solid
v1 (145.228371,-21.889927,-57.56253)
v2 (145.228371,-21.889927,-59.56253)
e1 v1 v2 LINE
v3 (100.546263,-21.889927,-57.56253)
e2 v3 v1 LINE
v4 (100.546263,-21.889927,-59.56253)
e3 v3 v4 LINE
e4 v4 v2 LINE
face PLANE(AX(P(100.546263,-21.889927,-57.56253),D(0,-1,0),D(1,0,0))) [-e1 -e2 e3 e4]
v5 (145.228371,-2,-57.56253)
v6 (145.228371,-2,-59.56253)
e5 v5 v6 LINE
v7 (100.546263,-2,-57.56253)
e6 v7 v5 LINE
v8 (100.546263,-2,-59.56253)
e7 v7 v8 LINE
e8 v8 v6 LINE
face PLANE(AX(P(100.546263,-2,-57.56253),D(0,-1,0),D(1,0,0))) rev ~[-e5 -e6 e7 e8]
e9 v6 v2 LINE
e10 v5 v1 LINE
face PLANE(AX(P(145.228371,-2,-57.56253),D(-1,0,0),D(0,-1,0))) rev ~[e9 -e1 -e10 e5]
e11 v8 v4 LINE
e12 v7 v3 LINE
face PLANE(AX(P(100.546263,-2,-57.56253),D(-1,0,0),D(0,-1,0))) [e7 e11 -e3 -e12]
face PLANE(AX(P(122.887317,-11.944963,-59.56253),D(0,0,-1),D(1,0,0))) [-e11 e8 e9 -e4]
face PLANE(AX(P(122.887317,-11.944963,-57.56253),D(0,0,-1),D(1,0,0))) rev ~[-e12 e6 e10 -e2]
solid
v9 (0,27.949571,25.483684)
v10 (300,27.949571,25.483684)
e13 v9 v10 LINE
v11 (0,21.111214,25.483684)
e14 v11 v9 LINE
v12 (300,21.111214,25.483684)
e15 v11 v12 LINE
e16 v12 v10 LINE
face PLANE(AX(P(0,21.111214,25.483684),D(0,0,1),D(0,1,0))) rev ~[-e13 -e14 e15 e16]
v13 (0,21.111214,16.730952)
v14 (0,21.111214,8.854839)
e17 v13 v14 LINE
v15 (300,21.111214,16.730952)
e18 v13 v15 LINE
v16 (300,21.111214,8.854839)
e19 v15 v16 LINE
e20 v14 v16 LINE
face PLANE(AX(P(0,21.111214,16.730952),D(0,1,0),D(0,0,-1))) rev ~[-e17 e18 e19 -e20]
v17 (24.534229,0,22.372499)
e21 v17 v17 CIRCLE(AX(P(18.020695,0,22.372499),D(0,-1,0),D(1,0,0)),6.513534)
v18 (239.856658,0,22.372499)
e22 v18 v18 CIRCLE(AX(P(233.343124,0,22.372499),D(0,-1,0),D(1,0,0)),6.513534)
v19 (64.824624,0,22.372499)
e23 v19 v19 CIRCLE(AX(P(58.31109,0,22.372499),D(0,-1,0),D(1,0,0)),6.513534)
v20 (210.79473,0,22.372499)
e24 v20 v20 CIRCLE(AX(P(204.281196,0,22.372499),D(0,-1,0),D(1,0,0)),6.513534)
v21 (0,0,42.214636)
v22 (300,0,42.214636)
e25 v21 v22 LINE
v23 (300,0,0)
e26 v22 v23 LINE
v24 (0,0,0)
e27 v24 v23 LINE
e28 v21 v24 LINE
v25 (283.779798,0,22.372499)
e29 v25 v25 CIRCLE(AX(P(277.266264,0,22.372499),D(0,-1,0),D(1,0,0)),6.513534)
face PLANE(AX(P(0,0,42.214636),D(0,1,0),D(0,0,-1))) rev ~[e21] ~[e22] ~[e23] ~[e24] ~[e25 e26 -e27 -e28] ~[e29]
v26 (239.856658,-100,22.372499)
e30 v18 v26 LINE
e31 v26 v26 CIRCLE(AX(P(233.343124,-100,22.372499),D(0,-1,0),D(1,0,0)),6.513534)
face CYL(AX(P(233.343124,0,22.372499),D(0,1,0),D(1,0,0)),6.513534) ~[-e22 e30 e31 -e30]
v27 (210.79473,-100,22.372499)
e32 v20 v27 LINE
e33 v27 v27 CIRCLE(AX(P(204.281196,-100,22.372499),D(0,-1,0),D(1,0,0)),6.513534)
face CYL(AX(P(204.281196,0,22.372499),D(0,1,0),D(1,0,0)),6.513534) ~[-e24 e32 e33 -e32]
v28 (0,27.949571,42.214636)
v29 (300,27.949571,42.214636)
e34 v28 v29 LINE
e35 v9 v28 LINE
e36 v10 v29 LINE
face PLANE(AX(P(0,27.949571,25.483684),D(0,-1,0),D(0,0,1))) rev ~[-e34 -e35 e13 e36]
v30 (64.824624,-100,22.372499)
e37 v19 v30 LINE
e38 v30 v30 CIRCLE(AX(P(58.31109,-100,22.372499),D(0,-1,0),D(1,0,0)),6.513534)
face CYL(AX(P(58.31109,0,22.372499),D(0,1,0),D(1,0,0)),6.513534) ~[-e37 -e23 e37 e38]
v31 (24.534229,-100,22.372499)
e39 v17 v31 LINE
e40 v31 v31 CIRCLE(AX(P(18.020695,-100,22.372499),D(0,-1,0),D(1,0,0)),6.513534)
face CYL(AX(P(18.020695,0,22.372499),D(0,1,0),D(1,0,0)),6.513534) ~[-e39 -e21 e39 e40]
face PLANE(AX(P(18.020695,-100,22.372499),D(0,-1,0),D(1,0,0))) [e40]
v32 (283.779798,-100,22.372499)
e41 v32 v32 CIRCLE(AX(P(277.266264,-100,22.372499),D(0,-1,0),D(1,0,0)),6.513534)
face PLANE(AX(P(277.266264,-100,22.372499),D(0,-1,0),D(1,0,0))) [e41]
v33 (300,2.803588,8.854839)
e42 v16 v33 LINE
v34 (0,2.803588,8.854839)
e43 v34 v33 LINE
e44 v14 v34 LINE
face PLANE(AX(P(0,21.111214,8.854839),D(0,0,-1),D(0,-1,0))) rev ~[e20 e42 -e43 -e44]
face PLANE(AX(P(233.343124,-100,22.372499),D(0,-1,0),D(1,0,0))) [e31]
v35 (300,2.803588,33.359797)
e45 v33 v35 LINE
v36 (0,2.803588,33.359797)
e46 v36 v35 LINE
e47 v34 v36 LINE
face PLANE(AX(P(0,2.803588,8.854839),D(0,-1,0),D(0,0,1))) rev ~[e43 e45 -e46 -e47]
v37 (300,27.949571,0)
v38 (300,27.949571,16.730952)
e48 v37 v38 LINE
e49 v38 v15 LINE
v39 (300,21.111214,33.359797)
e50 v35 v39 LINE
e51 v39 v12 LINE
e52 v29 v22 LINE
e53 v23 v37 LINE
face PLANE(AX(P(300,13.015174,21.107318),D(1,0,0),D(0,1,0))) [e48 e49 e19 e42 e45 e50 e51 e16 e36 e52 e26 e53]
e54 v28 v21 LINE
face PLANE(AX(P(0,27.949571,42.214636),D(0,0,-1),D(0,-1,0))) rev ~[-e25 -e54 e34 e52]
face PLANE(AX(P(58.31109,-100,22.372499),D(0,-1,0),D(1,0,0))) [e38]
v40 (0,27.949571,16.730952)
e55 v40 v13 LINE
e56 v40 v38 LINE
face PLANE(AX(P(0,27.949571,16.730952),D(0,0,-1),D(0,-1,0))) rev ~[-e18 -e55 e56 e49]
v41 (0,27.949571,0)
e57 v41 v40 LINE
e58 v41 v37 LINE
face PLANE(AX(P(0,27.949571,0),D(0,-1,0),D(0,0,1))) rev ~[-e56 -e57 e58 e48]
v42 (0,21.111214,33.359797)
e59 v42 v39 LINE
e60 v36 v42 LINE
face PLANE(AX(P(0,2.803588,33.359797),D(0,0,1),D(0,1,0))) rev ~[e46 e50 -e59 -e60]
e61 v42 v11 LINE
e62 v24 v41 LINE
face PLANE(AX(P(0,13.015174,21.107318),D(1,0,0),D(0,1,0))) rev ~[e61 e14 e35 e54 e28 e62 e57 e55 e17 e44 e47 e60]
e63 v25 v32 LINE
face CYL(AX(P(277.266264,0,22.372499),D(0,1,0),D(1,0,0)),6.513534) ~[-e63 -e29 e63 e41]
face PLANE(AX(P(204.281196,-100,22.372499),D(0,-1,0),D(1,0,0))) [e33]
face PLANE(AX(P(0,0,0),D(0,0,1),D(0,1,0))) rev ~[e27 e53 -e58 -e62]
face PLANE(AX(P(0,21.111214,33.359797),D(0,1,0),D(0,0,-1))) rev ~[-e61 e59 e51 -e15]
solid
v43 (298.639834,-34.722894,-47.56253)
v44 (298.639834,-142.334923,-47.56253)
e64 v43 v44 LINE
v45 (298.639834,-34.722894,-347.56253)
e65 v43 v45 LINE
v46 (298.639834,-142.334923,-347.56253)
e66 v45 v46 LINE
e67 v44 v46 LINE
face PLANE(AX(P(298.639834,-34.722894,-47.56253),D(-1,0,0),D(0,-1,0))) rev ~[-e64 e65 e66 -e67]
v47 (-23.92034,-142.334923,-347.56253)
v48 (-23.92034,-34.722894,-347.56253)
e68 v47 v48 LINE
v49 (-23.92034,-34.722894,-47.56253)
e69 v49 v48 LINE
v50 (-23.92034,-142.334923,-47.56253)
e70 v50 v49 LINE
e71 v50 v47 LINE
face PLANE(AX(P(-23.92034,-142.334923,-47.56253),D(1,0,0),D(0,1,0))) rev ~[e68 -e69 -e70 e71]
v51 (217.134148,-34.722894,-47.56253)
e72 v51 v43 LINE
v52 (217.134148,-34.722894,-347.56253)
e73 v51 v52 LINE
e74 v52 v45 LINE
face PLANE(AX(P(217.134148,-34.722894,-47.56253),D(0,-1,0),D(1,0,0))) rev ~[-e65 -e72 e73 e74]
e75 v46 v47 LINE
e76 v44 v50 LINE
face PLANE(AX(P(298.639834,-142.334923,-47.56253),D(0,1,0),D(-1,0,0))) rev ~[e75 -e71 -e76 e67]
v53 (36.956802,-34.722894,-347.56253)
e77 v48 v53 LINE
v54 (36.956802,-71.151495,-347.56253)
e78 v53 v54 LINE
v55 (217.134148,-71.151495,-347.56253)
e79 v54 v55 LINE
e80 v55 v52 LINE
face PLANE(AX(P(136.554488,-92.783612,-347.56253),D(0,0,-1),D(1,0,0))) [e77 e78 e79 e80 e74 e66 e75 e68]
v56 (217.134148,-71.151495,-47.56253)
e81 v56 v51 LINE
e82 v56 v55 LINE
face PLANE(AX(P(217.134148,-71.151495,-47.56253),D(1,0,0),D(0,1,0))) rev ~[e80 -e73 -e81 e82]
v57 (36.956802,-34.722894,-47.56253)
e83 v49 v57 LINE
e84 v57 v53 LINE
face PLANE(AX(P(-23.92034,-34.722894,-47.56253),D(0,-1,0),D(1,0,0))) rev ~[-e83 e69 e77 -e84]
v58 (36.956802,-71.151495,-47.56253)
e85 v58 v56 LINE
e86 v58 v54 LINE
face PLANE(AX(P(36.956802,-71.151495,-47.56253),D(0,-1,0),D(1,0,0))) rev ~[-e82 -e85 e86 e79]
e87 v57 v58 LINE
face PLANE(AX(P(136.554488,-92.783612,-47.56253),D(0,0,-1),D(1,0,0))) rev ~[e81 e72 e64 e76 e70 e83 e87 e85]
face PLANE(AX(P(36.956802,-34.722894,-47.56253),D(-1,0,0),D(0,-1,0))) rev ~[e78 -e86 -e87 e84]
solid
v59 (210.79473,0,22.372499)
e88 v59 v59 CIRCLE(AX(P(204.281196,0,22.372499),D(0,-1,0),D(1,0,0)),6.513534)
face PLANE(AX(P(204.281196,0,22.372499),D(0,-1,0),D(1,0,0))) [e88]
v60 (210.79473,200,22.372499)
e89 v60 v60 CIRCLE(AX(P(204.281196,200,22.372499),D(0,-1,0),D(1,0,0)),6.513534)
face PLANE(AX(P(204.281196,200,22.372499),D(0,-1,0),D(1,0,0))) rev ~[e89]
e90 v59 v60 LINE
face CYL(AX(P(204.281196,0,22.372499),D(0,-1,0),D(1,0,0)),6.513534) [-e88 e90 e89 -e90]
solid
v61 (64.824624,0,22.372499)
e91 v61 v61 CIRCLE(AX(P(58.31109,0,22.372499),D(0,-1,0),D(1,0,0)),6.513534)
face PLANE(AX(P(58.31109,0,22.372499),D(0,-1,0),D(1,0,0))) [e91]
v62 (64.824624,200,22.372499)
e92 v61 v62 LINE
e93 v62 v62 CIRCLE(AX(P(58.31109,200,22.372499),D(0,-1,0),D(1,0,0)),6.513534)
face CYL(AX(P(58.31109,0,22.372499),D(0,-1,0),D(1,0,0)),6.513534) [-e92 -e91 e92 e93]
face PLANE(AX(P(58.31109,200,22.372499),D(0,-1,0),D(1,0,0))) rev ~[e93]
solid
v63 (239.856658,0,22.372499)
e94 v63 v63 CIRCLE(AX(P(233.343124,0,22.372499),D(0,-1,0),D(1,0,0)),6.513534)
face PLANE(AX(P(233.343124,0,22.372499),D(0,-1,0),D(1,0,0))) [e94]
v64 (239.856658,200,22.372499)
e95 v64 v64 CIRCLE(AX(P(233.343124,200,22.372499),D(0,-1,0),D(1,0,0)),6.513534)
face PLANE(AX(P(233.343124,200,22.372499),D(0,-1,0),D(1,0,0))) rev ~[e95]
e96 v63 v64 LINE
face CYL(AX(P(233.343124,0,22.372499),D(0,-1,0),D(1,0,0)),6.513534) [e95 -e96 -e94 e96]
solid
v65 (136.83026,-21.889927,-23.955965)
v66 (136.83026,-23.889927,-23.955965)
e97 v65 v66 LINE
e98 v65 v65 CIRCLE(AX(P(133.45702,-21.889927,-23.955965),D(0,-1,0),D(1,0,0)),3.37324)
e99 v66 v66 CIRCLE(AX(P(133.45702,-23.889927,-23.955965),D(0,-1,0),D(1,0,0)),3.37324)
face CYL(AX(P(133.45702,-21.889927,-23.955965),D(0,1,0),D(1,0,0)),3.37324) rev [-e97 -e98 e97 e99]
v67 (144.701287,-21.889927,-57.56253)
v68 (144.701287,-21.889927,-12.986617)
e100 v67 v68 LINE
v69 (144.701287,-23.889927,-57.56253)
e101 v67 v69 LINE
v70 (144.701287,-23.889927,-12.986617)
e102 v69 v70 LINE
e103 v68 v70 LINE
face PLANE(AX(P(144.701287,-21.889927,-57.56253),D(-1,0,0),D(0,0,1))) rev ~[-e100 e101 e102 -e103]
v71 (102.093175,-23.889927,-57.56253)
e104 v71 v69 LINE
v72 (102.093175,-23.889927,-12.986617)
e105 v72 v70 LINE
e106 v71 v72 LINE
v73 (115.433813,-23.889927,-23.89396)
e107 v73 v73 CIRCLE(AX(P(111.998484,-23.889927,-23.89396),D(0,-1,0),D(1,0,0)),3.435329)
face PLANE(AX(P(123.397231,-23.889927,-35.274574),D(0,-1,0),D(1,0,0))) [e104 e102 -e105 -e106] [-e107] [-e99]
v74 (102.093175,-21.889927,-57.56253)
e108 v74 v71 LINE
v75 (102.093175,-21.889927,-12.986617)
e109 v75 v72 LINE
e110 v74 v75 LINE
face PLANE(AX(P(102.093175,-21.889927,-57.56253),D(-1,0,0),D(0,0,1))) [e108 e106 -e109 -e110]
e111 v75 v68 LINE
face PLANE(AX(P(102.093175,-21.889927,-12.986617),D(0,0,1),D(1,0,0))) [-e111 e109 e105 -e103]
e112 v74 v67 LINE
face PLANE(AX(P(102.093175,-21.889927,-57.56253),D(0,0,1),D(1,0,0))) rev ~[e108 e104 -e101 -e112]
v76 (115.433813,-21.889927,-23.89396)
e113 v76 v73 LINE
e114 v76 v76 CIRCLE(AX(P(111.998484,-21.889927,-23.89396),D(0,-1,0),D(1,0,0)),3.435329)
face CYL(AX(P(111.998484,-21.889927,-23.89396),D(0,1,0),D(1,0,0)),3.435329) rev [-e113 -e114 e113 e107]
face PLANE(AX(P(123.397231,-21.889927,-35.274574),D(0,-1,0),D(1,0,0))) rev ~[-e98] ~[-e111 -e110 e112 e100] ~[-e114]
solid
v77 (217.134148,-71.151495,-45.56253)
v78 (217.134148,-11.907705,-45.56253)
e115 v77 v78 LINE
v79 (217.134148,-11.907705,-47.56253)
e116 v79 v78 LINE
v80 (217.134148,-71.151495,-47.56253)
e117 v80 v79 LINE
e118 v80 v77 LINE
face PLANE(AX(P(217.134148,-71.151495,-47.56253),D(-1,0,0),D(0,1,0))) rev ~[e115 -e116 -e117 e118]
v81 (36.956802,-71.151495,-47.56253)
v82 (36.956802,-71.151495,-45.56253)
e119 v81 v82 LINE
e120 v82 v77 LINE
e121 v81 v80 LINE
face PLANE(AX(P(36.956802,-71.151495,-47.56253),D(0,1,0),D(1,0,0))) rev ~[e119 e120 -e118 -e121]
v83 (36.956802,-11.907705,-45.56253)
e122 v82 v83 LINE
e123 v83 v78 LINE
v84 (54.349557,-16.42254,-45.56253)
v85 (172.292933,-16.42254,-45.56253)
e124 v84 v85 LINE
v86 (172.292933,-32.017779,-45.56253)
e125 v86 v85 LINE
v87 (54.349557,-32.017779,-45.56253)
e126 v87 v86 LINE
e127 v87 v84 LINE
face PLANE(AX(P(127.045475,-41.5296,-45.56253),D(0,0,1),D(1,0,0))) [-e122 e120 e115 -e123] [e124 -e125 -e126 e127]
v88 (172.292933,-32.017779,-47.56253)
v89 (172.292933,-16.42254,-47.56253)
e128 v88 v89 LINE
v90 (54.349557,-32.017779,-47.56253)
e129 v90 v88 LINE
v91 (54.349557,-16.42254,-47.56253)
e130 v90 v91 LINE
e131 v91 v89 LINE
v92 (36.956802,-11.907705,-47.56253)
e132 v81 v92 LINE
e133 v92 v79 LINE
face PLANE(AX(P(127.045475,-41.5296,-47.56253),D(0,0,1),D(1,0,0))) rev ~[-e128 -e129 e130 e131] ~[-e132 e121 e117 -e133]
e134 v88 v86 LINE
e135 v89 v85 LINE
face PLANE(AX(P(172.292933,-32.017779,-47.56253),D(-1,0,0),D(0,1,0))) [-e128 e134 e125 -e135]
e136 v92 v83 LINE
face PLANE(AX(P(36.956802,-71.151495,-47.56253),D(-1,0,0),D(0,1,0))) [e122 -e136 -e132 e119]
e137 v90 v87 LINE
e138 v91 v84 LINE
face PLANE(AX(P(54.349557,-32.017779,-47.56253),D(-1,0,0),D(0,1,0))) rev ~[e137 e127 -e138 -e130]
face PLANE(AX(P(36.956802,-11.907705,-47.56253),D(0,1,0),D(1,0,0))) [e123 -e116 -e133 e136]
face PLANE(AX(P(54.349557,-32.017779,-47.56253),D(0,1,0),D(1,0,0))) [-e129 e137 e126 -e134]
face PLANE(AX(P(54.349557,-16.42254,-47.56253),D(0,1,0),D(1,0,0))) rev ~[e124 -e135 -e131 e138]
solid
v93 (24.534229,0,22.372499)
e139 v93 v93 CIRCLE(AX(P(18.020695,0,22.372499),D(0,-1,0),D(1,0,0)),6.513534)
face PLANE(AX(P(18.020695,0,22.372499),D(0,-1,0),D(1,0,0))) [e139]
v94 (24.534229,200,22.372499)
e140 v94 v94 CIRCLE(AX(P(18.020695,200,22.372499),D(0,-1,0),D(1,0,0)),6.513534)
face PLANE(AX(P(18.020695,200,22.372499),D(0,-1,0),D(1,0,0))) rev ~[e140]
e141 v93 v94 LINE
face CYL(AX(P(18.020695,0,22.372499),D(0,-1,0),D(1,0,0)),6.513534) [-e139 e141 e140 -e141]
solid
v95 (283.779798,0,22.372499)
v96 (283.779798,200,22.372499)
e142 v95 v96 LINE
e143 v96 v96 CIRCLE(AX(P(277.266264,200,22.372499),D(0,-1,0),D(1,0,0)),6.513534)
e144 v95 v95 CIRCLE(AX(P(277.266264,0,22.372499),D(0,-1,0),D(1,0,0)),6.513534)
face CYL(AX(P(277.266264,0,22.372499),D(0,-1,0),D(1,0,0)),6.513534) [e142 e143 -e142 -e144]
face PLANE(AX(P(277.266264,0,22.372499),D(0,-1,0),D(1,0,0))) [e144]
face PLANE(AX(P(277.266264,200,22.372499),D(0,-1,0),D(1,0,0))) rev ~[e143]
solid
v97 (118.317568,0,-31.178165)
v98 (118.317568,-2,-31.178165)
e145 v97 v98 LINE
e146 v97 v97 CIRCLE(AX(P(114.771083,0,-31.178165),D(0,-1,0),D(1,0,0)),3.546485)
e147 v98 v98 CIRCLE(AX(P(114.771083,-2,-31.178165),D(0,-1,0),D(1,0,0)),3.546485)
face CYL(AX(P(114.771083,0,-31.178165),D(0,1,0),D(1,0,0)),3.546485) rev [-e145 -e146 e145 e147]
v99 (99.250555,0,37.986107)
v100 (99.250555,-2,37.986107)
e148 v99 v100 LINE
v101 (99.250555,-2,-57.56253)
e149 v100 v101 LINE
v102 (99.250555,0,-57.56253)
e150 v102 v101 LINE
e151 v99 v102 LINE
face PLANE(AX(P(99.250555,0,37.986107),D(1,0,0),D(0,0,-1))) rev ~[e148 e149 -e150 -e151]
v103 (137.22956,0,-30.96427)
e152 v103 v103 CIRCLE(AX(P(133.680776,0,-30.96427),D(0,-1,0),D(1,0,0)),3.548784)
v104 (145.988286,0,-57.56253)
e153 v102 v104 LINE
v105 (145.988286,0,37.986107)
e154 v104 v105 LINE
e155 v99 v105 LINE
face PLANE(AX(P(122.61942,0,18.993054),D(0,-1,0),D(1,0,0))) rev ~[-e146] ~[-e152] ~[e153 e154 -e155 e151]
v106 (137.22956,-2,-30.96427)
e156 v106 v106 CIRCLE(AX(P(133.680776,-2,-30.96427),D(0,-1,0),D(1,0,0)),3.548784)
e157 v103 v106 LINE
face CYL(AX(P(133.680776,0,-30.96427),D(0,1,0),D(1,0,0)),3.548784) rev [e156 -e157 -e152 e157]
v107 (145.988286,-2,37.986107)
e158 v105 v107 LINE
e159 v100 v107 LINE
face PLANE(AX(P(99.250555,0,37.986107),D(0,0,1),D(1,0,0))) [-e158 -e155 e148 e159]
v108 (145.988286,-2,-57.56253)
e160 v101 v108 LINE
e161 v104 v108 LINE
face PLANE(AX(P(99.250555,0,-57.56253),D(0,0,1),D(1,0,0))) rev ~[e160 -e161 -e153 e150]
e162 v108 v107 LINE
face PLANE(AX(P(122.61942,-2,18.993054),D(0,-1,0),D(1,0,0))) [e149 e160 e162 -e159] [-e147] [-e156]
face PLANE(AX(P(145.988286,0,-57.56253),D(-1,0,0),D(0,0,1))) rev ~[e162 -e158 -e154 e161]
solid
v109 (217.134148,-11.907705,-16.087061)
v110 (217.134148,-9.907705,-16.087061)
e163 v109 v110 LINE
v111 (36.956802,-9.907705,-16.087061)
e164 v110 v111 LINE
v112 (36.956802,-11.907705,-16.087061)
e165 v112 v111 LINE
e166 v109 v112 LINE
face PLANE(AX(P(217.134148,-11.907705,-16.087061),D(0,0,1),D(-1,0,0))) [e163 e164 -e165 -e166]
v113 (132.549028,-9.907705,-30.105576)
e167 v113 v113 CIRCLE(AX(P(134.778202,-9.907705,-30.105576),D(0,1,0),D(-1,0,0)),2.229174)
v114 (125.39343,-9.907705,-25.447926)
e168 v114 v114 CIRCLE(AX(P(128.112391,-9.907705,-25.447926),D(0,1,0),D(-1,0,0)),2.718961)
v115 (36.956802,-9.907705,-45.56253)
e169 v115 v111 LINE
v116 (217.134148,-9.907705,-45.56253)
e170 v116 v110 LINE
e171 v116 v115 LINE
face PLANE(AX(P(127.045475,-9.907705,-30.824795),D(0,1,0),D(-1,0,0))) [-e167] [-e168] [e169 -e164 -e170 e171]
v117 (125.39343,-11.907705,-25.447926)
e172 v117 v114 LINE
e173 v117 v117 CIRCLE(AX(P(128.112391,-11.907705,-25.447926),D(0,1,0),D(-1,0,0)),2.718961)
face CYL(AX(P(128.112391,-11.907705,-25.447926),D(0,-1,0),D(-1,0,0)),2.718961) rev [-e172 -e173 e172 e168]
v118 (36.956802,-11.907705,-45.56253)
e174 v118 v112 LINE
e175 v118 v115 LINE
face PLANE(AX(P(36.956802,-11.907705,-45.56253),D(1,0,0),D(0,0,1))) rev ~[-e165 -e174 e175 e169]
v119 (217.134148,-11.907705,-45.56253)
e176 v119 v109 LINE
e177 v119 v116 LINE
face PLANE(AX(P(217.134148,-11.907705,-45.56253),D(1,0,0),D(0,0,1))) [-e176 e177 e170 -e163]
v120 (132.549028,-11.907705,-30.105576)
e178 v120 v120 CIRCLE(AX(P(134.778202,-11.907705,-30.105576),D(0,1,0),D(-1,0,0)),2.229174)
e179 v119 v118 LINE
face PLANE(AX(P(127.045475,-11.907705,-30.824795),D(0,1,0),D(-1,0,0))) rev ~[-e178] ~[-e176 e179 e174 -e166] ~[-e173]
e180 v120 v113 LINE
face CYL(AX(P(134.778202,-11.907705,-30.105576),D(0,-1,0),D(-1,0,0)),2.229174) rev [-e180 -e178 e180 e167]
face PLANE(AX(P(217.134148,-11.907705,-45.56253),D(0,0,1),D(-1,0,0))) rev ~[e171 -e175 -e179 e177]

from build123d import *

# Parameters (mm, degrees)
F1_DEPTH  = 300
F2_W      = 46.7377305031
F2_H      = 37.9861071706
F2_H_2    = 57.5625300407
F2_R      = 3.5464845082
F2_R_2    = 3.5487842395
F3_DEPTH  = 2
F4_W      = 44.6821078658
F4_H      = 19.8899268657
F5_DEPTH  = 2
F6_W      = 42.6081120968
F6_H      = 44.5759128779
F6_R      = 3.435329419
F6_R_2    = 3.3732396527
F7_DEPTH  = 2
F9_W      = 180.1773458719
F9_H      = 59.2437896412
F9_W_2    = 117.9433763027
F9_H_2    = 15.5952386558
F10_DEPTH = 2
F11_W     = 180.1773458719
F11_H     = 29.4754692465
F11_R     = 2.2291737864
F11_R_2   = 2.7189611164
F12_DEPTH = 2
F14_DEPTH = 300
F15_R     = 6.5135337173
F16_DEPTH = 100
F17_DEPTH = 200


with BuildPart() as f1:
    # F0 (on Right) → F1 (new body)
    with BuildSketch(Plane.YZ):
        Polygon((0, 42.2146357596), (0, 0), (27.9495714174, 0), (27.9495714174, 16.7309522358), (21.111213831, 16.7309522358), (21.111213831, 8.854838892), (2.8035883623, 8.854838892), (2.8035883623, 33.3597968676), (21.111213831, 33.3597968676), (21.111213831, 25.4836835238), (27.9495714174, 25.4836835238), (27.9495714174, 42.2146357596), align=None)
    extrude(amount=F1_DEPTH)

    # F15 (on face) → F16 (join)
    with BuildSketch(Plane.XZ):
        with Locations((277.2662639618, 22.3724991083)):
            Circle(F15_R)
        with Locations((233.3431243896, 22.3724991083)):
            Circle(F15_R)
        with Locations((204.2811959982, 22.3724991083)):
            Circle(F15_R)
        with Locations((58.3110898733, 22.3724991083)):
            Circle(F15_R)
        with Locations((18.0206950754, 22.3724991083)):
            Circle(F15_R)
    extrude(amount=F16_DEPTH)


with BuildPart() as f3:
    # F2 (on face) → F3 (new body)
    with BuildSketch(Plane.XZ):
        with Locations((122.61942029, 18.9930535853)):
            Rectangle(F2_W, F2_H)
        with Locations((122.61942029, -28.7812650204)):
            Rectangle(F2_W, F2_H_2)
        with Locations((114.7710829973, -31.1781652272)):
            Circle(F2_R, mode=Mode.SUBTRACT)
        with Locations((133.6807757616, -30.9642702341)):
            Circle(F2_R_2, mode=Mode.SUBTRACT)
    extrude(amount=F3_DEPTH)


with BuildPart() as f5:
    # F4 (on face) → F5 (new body)
    with BuildSketch(Plane(origin=(0, 0, -57.5625300407), x_dir=(1, 0, 0), z_dir=(0, 0, -1))):
        with Locations((122.8873170912, 11.9449634328)):
            Rectangle(F4_W, F4_H)
    extrude(amount=F5_DEPTH)


with BuildPart() as f7:
    # F6 (on face) → F7 (new body)
    with BuildSketch(Plane.XZ.offset(21.8899268657)):
        with Locations((123.397231102, -35.2745736018)):
            Rectangle(F6_W, F6_H)
        with Locations((111.9984835386, -23.8939598203)):
            Circle(F6_R, mode=Mode.SUBTRACT)
        with Locations((133.4570199251, -23.9559654146)):
            Circle(F6_R_2, mode=Mode.SUBTRACT)
    extrude(amount=F7_DEPTH)


with BuildPart() as f10:
    # F9 (on offset) → F10 (new body)
    with BuildSketch(Plane.XY.offset(-47.5625300407)):
        with Locations((127.0454749465, -41.5296001593)):
            Rectangle(F9_W, F9_H)
        with Locations((113.3212447166, -24.2201592773)):
            Rectangle(F9_W_2, F9_H_2, mode=Mode.SUBTRACT)
    extrude(amount=F10_DEPTH)


with BuildPart() as f12:
    # F11 (on face) → F12 (new body)
    with BuildSketch(Plane(origin=(0, -11.9077053387, 0), x_dir=(-1, 0, 0), z_dir=(0, 1, 0))):
        with Locations((-127.0454749465, -30.8247954175)):
            Rectangle(F11_W, F11_H)
        with Locations((-134.77820158, -30.1055759192)):
            Circle(F11_R, mode=Mode.SUBTRACT)
        with Locations((-128.1123906374, -25.4479255527)):
            Circle(F11_R_2, mode=Mode.SUBTRACT)
    extrude(amount=F12_DEPTH)


with BuildPart() as f14:
    # F13 (on face) → F14 (new body)
    with BuildSketch(Plane(origin=(0, 0, -47.5625300407), x_dir=(1, 0, 0), z_dir=(0, 0, -1))):
        Polygon((298.6398339272, 142.3349231482), (-23.9203404635, 142.3349231482), (-23.9203404635, 34.7228944302), (36.9568020105, 34.7228944302), (36.9568020105, 71.1514949799), (217.1341478825, 71.1514949799), (217.1341478825, 34.7228944302), (298.6398339272, 34.7228944302), align=None)
    extrude(amount=F14_DEPTH)


with BuildPart() as f17:
    # F15 (on face) → F17 (new body)
    with BuildSketch(Plane.XZ):
        with Locations((277.2662639618, 22.3724991083)):
            Circle(F15_R)
    extrude(amount=-F17_DEPTH)


with BuildPart() as f17b:
    # F15 (on face) → F17, piece 2 (new body)
    with BuildSketch(Plane.XZ):
        with Locations((233.3431243896, 22.3724991083)):
            Circle(F15_R)
    extrude(amount=-F17_DEPTH)


with BuildPart() as f17c:
    # F15 (on face) → F17, piece 3 (new body)
    with BuildSketch(Plane.XZ):
        with Locations((204.2811959982, 22.3724991083)):
            Circle(F15_R)
    extrude(amount=-F17_DEPTH)


with BuildPart() as f17d:
    # F15 (on face) → F17, piece 4 (new body)
    with BuildSketch(Plane.XZ):
        with Locations((58.3110898733, 22.3724991083)):
            Circle(F15_R)
    extrude(amount=-F17_DEPTH)


with BuildPart() as f17e:
    # F15 (on face) → F17, piece 5 (new body)
    with BuildSketch(Plane.XZ):
        with Locations((18.0206950754, 22.3724991083)):
            Circle(F15_R)
    extrude(amount=-F17_DEPTH)


solid = Compound([f1.part, f3.part, f5.part, f7.part, f10.part, f12.part, f14.part, f17.part, f17b.part, f17c.part, f17d.part, f17e.part])
